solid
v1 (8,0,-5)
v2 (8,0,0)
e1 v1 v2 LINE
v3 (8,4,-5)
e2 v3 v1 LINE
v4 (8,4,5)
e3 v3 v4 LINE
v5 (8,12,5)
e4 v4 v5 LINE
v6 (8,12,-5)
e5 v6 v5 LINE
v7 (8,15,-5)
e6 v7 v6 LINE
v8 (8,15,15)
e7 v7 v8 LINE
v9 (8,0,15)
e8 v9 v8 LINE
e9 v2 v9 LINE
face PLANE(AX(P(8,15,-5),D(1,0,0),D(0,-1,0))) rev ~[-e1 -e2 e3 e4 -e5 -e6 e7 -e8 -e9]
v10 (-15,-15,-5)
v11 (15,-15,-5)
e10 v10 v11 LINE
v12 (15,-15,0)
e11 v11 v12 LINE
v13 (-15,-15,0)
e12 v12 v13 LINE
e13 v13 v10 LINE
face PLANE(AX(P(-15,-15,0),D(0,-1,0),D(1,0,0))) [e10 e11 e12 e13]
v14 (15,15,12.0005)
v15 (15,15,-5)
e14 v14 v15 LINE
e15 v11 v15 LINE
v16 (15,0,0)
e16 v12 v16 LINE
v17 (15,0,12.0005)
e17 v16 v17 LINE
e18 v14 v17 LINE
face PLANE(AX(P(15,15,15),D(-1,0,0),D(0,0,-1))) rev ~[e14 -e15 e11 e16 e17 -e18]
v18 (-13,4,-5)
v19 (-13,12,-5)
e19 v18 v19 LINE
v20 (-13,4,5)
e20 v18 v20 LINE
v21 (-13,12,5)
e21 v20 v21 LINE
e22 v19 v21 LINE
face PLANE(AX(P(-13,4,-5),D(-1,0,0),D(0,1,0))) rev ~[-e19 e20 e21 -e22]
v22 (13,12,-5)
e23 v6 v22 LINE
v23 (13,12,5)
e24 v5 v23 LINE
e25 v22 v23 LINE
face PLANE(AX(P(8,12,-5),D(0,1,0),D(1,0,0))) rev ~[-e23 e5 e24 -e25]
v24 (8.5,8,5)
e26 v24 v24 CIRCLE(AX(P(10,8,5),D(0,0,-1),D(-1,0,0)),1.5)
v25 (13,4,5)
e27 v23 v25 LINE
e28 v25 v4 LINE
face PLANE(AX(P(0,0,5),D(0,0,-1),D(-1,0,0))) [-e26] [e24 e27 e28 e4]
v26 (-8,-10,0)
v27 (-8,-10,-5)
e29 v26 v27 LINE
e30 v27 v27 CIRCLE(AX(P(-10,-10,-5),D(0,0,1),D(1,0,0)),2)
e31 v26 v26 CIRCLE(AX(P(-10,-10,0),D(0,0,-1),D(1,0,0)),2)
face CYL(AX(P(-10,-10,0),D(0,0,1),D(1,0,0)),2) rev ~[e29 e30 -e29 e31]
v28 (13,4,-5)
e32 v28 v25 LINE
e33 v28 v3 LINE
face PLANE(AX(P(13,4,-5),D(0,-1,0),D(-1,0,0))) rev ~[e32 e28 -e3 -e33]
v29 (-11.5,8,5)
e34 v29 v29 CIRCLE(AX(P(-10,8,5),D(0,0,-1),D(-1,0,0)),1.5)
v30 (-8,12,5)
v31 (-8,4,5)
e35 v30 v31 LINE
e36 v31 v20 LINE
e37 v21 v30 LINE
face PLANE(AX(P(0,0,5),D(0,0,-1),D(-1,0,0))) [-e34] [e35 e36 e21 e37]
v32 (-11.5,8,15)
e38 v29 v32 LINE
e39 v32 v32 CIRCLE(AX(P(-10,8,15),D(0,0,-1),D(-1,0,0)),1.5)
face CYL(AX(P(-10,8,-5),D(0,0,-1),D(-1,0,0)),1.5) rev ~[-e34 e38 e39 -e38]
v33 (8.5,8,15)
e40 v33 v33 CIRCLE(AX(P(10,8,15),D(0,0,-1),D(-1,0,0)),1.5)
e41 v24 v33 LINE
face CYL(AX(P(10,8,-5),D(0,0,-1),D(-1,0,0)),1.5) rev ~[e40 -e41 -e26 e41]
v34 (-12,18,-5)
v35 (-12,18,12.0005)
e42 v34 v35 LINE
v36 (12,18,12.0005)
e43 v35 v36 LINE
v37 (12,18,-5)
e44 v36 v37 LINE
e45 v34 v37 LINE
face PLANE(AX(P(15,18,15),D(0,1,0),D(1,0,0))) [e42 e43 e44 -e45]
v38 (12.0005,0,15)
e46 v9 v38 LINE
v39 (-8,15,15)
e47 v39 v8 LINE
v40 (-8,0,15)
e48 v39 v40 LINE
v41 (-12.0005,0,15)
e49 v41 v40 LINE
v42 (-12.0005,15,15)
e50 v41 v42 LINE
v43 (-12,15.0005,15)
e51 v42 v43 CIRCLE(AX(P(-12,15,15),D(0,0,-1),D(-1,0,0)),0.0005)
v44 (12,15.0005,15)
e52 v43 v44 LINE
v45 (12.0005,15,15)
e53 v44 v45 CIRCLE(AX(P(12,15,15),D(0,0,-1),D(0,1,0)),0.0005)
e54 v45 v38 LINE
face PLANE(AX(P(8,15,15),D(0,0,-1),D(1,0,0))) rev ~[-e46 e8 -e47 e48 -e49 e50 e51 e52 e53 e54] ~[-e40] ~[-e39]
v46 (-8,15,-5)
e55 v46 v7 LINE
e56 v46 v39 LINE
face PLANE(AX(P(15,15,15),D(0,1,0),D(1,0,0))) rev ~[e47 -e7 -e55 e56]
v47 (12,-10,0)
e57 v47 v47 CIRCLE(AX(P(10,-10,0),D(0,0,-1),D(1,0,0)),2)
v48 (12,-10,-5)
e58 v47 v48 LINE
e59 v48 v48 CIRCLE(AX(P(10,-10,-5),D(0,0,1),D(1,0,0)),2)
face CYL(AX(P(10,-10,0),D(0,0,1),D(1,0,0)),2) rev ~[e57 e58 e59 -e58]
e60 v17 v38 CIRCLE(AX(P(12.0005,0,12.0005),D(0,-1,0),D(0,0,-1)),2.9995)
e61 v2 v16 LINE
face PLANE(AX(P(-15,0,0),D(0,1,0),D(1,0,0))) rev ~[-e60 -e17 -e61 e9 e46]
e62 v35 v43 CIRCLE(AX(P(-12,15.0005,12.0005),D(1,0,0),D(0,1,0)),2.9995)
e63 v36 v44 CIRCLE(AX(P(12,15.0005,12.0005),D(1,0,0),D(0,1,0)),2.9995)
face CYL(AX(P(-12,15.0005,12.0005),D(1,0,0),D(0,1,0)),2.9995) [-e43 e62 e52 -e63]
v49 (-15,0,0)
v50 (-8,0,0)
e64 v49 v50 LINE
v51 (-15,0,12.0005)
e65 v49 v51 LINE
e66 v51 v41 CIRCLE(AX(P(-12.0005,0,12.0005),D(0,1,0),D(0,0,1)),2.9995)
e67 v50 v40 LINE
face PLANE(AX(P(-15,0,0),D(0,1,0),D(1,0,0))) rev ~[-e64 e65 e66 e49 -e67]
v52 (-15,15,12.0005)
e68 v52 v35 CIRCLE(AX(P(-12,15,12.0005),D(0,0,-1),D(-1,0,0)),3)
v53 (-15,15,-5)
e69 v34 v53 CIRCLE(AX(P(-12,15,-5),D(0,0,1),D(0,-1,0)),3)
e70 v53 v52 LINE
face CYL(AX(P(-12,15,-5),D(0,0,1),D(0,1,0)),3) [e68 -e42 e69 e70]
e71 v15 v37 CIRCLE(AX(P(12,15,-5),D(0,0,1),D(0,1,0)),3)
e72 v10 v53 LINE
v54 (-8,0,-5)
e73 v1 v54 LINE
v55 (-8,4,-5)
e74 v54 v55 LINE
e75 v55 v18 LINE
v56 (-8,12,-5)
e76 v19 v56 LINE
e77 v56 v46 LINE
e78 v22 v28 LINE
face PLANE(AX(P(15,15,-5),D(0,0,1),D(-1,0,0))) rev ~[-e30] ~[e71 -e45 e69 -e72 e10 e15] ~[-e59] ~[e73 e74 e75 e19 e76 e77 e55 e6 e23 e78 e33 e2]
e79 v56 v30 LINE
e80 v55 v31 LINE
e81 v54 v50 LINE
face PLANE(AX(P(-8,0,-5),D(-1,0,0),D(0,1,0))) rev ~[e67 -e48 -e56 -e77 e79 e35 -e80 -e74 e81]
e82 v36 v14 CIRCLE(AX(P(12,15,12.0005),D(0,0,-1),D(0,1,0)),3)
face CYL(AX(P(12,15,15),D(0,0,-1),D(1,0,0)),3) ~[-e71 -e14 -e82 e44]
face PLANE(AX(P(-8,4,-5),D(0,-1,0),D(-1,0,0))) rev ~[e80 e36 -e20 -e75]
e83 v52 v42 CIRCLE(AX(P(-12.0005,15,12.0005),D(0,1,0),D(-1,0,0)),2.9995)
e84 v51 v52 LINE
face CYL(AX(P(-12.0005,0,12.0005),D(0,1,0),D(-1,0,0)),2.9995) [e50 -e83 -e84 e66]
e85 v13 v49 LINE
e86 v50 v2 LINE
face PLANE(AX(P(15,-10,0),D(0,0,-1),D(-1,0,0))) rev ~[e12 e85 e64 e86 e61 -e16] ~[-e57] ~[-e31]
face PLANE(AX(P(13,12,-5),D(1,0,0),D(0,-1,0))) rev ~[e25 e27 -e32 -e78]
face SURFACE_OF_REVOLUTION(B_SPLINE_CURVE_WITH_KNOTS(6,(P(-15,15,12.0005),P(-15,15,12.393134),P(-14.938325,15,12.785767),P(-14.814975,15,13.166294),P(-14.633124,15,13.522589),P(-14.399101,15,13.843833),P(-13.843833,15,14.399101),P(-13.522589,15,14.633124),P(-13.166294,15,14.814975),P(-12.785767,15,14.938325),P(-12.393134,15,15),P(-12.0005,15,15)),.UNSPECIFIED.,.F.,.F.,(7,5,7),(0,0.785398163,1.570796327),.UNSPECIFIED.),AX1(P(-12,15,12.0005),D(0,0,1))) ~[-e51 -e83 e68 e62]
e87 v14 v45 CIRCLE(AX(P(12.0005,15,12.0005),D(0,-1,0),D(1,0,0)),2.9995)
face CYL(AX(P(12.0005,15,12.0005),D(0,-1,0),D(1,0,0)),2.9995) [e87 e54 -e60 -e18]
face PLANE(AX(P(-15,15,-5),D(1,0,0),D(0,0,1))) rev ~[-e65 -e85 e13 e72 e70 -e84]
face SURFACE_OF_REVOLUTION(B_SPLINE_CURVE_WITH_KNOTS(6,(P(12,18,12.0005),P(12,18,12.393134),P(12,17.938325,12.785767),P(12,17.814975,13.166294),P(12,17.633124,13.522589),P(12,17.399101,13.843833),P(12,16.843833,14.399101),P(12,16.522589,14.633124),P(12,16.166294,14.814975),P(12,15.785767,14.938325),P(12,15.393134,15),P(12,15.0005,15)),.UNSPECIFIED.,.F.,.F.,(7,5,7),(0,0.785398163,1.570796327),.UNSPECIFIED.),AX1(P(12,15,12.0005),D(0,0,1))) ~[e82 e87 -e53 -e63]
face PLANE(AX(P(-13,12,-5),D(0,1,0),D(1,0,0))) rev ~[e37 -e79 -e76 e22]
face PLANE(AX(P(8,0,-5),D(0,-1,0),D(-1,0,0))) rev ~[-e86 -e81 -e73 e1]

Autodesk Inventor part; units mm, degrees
ref_plane "YZ Plane" through (0, 0, 0) normal (1, 0, 0) x (0, 1, 0)
ref_plane "XZ Plane" through (0, 0, 0) normal (0, 1, 0) x (-1, 0, 0)
ref_plane "XY Plane" through (0, 0, 0) normal (0, 0, 1) x (1, 0, 0)
sketch "Sketch1" plane through (0, 0, 0) normal (0, 0, 1) x (1, 0, 0)
  line L0 (-15, -10) -> (15, -10)
  line L1 (15, -10) -> (15, 10)
  line L2 (15, 10) -> (-15, 10)
  line L3 (-15, 10) -> (-15, -10)
  line L4 (-15, -10) -> (15, 10) construction
  line L5 (15, -10) -> (-15, 10) construction
  point P0 (0, 0)
  dimension "d0" = 30
  dimension "d1" = 20
extrude "Extrusion1" add sketch "Sketch1" against normal blind 5
sketch "Sketch2" plane through (0, 0, 0) normal (0, 0, 1) x (1, 0, 0)
  line L0 (-15, 0) -> (15, 0)
  line L1 (15, 0) -> (15, 15)
  line L2 (15, 15) -> (-15, 15)
  line L3 (-15, 15) -> (-15, 0)
  line L4 (-15, 0) -> (15, 15) construction
  line L5 (15, 0) -> (-15, 15) construction
  line L6 (15, 10) -> (-15, 10) projected
  line L7 (-15, 10) -> (-15, -10) projected
  point P0 (0, 0)
  point P1 (0, 7.5)
  dimension "d4" = 30
  dimension "d5" = 15
  dimension "d18" = 5
extrude "Extrusion2" add sketch "Sketch2" along normal blind 15
sketch "Sketch3" plane through (0, 0, 0) normal (0, 0, 1) x (1, 0, 0)
  circle A0 centre (10, -10) radius 2
  circle A1 centre (-10, -10) radius 2
  line L0 (-15, -10) -> (15, -10) projected
  line L1 (-15, 0) -> (-15, -10) projected
  point P0 (0, 0)
  dimension "d8" = 4
  dimension "d9" = 4
  dimension "d12" = 5
  dimension "d13" = 20
sketch "Sketch4" plane through (-15, -10, 0) normal (0, -1, 0) x (1, 0, 0)
  line L0 (0, -5) -> (30, -5)
  line L1 (30, -5) -> (30, 0)
  line L2 (30, 0) -> (0, 0)
  line L3 (0, 0) -> (0, -5)
  line L4 (0, -5) -> (30, 0) construction
  line L5 (30, -5) -> (0, 0) construction
  line L6 (0, 0) -> (30, 0) projected
  line L7 (30, 0) -> (30, -5) projected
  line L8 (0, 0) -> (0, -5) projected
  line L9 (30, -5) -> (0, -5) projected
  point P0 (15, 0)
  point P1 (15, -2.5)
extrude "Extrusion3" add sketch "Sketch4" along normal blind 5
extrude "Extrusion4" cut sketch "Sketch3" against normal blind 5
sketch "Sketch5" plane through (0, 0, -5) normal (0, 0, -1) x (-1, 0, 0)
  line L0 (-8, 0) -> (8, 0)
  line L1 (8, 0) -> (8, 15)
  line L2 (8, 15) -> (-8, 15)
  line L3 (-8, 15) -> (-8, 0)
  line L4 (-8, 0) -> (8, 15) construction
  line L5 (8, 0) -> (-8, 15) construction
  line L6 (-15, 15) -> (15, 15) projected
  point P0 (0, 0)
  point P1 (0, 7.5)
  dimension "d16" = 16
  dimension "d21" = 15
  dimension "d22" = 0
sketch "Sketch6" plane through (0, 0, 0) normal (0, 0, -1) x (-1, 0, 0)
  line L0 (-15, 10) -> (15, 10)
  line L1 (15, 10) -> (15, 15)
  line L2 (15, 15) -> (-15, 15)
  line L3 (-15, 15) -> (-15, 10)
  line L4 (-15, 10) -> (15, 15) construction
  line L5 (15, 10) -> (-15, 15) construction
  line L6 (-15, 15) -> (15, 15) projected
  line L7 (15, 10) -> (-15, 10) projected
  line L8 (-15, 10) -> (-15, 15) projected
  line L9 (15, 15) -> (15, 10) projected
  point P0 (0, 0)
  point P1 (0, 12.5)
extrude "Extrusion5" add sketch "Sketch6" along normal blind 5
extrude "Extrusion6" cut sketch "Sketch5" against normal through all
sketch "Sketch7" plane through (0, 0, -5) normal (0, 0, -1) x (-1, 0, 0)
  circle A0 centre (-10, 8) radius 1.5
  circle A1 centre (10, 8) radius 1.5
  line L0 (-15, 15) -> (-15, -15) projected
  line L1 (8, 0) -> (-8, 0) projected
  point P0 (0, 0)
  dimension "d25" = 3
  dimension "d26" = 3
  dimension "d27" = 20
  dimension "d28" = 5
  dimension "d33" = 8
extrude "Extrusion7" cut sketch "Sketch7" against normal through all
sketch "Sketch8" plane through (15, 15, 15) normal (0, 1, 0) x (1, 0, 0)
  line L0 (0, 20) -> (-30, 20)
  line L1 (-30, 20) -> (-30, 0)
  line L2 (-30, 0) -> (0, 0)
  line L3 (0, 0) -> (0, 20)
  line L4 (0, 20) -> (-30, 0) construction
  line L5 (-30, 20) -> (0, 0) construction
  line L6 (0, 0) -> (-7, 0) projected
  line L7 (0, 0) -> (0, 20) projected
  line L8 (-23, 20) -> (-7, 20) projected
  line L9 (-30, 20) -> (-30, 0) projected
  point P0 (-15, 15)
  point P1 (-15, 10)
extrude "Extrusion8" add sketch "Sketch8" along normal blind 3
sketch "Sketch9" plane through (0, 0, -5) normal (0, 0, -1) x (-1, 0, 0)
  line L0 (-13, 4) -> (-8, 4)
  line L1 (-8, 4) -> (-8, 12)
  line L2 (-8, 12) -> (-13, 12)
  line L3 (-13, 12) -> (-13, 4)
  line L4 (-13, 4) -> (-8, 12) construction
  line L5 (-8, 4) -> (-13, 12) construction
  line L6 (8, 4) -> (13, 4)
  line L7 (13, 4) -> (13, 12)
  line L8 (13, 12) -> (8, 12)
  line L9 (8, 12) -> (8, 4)
  line L10 (8, 4) -> (13, 12) construction
  line L11 (13, 4) -> (8, 12) construction
  line L12 (-8, 0) -> (-8, 15) projected
  line L13 (8, 15) -> (8, 0) projected
  line L14 (8, 0) -> (-8, 0) projected
  point P0 (0, 0)
  point P1 (-10.5, 8)
  point P2 (10.5, 8)
  dimension "d34" = 5
  dimension "d35" = 5
  dimension "d36" = 8
  dimension "d37" = 8
  dimension "d38" = 8
extrude "Extrusion9" cut sketch "Sketch9" against normal blind 10
fillet "Fillet1" radius 3 2 edges at (15, 18, 5) (-15, 18, 5)
fillet "Fillet2" radius 3 3 edges at (15, 7.5, 15) (-15, 7.5, 15) (0, 18, 15)
properties part number "IR_bracket"
